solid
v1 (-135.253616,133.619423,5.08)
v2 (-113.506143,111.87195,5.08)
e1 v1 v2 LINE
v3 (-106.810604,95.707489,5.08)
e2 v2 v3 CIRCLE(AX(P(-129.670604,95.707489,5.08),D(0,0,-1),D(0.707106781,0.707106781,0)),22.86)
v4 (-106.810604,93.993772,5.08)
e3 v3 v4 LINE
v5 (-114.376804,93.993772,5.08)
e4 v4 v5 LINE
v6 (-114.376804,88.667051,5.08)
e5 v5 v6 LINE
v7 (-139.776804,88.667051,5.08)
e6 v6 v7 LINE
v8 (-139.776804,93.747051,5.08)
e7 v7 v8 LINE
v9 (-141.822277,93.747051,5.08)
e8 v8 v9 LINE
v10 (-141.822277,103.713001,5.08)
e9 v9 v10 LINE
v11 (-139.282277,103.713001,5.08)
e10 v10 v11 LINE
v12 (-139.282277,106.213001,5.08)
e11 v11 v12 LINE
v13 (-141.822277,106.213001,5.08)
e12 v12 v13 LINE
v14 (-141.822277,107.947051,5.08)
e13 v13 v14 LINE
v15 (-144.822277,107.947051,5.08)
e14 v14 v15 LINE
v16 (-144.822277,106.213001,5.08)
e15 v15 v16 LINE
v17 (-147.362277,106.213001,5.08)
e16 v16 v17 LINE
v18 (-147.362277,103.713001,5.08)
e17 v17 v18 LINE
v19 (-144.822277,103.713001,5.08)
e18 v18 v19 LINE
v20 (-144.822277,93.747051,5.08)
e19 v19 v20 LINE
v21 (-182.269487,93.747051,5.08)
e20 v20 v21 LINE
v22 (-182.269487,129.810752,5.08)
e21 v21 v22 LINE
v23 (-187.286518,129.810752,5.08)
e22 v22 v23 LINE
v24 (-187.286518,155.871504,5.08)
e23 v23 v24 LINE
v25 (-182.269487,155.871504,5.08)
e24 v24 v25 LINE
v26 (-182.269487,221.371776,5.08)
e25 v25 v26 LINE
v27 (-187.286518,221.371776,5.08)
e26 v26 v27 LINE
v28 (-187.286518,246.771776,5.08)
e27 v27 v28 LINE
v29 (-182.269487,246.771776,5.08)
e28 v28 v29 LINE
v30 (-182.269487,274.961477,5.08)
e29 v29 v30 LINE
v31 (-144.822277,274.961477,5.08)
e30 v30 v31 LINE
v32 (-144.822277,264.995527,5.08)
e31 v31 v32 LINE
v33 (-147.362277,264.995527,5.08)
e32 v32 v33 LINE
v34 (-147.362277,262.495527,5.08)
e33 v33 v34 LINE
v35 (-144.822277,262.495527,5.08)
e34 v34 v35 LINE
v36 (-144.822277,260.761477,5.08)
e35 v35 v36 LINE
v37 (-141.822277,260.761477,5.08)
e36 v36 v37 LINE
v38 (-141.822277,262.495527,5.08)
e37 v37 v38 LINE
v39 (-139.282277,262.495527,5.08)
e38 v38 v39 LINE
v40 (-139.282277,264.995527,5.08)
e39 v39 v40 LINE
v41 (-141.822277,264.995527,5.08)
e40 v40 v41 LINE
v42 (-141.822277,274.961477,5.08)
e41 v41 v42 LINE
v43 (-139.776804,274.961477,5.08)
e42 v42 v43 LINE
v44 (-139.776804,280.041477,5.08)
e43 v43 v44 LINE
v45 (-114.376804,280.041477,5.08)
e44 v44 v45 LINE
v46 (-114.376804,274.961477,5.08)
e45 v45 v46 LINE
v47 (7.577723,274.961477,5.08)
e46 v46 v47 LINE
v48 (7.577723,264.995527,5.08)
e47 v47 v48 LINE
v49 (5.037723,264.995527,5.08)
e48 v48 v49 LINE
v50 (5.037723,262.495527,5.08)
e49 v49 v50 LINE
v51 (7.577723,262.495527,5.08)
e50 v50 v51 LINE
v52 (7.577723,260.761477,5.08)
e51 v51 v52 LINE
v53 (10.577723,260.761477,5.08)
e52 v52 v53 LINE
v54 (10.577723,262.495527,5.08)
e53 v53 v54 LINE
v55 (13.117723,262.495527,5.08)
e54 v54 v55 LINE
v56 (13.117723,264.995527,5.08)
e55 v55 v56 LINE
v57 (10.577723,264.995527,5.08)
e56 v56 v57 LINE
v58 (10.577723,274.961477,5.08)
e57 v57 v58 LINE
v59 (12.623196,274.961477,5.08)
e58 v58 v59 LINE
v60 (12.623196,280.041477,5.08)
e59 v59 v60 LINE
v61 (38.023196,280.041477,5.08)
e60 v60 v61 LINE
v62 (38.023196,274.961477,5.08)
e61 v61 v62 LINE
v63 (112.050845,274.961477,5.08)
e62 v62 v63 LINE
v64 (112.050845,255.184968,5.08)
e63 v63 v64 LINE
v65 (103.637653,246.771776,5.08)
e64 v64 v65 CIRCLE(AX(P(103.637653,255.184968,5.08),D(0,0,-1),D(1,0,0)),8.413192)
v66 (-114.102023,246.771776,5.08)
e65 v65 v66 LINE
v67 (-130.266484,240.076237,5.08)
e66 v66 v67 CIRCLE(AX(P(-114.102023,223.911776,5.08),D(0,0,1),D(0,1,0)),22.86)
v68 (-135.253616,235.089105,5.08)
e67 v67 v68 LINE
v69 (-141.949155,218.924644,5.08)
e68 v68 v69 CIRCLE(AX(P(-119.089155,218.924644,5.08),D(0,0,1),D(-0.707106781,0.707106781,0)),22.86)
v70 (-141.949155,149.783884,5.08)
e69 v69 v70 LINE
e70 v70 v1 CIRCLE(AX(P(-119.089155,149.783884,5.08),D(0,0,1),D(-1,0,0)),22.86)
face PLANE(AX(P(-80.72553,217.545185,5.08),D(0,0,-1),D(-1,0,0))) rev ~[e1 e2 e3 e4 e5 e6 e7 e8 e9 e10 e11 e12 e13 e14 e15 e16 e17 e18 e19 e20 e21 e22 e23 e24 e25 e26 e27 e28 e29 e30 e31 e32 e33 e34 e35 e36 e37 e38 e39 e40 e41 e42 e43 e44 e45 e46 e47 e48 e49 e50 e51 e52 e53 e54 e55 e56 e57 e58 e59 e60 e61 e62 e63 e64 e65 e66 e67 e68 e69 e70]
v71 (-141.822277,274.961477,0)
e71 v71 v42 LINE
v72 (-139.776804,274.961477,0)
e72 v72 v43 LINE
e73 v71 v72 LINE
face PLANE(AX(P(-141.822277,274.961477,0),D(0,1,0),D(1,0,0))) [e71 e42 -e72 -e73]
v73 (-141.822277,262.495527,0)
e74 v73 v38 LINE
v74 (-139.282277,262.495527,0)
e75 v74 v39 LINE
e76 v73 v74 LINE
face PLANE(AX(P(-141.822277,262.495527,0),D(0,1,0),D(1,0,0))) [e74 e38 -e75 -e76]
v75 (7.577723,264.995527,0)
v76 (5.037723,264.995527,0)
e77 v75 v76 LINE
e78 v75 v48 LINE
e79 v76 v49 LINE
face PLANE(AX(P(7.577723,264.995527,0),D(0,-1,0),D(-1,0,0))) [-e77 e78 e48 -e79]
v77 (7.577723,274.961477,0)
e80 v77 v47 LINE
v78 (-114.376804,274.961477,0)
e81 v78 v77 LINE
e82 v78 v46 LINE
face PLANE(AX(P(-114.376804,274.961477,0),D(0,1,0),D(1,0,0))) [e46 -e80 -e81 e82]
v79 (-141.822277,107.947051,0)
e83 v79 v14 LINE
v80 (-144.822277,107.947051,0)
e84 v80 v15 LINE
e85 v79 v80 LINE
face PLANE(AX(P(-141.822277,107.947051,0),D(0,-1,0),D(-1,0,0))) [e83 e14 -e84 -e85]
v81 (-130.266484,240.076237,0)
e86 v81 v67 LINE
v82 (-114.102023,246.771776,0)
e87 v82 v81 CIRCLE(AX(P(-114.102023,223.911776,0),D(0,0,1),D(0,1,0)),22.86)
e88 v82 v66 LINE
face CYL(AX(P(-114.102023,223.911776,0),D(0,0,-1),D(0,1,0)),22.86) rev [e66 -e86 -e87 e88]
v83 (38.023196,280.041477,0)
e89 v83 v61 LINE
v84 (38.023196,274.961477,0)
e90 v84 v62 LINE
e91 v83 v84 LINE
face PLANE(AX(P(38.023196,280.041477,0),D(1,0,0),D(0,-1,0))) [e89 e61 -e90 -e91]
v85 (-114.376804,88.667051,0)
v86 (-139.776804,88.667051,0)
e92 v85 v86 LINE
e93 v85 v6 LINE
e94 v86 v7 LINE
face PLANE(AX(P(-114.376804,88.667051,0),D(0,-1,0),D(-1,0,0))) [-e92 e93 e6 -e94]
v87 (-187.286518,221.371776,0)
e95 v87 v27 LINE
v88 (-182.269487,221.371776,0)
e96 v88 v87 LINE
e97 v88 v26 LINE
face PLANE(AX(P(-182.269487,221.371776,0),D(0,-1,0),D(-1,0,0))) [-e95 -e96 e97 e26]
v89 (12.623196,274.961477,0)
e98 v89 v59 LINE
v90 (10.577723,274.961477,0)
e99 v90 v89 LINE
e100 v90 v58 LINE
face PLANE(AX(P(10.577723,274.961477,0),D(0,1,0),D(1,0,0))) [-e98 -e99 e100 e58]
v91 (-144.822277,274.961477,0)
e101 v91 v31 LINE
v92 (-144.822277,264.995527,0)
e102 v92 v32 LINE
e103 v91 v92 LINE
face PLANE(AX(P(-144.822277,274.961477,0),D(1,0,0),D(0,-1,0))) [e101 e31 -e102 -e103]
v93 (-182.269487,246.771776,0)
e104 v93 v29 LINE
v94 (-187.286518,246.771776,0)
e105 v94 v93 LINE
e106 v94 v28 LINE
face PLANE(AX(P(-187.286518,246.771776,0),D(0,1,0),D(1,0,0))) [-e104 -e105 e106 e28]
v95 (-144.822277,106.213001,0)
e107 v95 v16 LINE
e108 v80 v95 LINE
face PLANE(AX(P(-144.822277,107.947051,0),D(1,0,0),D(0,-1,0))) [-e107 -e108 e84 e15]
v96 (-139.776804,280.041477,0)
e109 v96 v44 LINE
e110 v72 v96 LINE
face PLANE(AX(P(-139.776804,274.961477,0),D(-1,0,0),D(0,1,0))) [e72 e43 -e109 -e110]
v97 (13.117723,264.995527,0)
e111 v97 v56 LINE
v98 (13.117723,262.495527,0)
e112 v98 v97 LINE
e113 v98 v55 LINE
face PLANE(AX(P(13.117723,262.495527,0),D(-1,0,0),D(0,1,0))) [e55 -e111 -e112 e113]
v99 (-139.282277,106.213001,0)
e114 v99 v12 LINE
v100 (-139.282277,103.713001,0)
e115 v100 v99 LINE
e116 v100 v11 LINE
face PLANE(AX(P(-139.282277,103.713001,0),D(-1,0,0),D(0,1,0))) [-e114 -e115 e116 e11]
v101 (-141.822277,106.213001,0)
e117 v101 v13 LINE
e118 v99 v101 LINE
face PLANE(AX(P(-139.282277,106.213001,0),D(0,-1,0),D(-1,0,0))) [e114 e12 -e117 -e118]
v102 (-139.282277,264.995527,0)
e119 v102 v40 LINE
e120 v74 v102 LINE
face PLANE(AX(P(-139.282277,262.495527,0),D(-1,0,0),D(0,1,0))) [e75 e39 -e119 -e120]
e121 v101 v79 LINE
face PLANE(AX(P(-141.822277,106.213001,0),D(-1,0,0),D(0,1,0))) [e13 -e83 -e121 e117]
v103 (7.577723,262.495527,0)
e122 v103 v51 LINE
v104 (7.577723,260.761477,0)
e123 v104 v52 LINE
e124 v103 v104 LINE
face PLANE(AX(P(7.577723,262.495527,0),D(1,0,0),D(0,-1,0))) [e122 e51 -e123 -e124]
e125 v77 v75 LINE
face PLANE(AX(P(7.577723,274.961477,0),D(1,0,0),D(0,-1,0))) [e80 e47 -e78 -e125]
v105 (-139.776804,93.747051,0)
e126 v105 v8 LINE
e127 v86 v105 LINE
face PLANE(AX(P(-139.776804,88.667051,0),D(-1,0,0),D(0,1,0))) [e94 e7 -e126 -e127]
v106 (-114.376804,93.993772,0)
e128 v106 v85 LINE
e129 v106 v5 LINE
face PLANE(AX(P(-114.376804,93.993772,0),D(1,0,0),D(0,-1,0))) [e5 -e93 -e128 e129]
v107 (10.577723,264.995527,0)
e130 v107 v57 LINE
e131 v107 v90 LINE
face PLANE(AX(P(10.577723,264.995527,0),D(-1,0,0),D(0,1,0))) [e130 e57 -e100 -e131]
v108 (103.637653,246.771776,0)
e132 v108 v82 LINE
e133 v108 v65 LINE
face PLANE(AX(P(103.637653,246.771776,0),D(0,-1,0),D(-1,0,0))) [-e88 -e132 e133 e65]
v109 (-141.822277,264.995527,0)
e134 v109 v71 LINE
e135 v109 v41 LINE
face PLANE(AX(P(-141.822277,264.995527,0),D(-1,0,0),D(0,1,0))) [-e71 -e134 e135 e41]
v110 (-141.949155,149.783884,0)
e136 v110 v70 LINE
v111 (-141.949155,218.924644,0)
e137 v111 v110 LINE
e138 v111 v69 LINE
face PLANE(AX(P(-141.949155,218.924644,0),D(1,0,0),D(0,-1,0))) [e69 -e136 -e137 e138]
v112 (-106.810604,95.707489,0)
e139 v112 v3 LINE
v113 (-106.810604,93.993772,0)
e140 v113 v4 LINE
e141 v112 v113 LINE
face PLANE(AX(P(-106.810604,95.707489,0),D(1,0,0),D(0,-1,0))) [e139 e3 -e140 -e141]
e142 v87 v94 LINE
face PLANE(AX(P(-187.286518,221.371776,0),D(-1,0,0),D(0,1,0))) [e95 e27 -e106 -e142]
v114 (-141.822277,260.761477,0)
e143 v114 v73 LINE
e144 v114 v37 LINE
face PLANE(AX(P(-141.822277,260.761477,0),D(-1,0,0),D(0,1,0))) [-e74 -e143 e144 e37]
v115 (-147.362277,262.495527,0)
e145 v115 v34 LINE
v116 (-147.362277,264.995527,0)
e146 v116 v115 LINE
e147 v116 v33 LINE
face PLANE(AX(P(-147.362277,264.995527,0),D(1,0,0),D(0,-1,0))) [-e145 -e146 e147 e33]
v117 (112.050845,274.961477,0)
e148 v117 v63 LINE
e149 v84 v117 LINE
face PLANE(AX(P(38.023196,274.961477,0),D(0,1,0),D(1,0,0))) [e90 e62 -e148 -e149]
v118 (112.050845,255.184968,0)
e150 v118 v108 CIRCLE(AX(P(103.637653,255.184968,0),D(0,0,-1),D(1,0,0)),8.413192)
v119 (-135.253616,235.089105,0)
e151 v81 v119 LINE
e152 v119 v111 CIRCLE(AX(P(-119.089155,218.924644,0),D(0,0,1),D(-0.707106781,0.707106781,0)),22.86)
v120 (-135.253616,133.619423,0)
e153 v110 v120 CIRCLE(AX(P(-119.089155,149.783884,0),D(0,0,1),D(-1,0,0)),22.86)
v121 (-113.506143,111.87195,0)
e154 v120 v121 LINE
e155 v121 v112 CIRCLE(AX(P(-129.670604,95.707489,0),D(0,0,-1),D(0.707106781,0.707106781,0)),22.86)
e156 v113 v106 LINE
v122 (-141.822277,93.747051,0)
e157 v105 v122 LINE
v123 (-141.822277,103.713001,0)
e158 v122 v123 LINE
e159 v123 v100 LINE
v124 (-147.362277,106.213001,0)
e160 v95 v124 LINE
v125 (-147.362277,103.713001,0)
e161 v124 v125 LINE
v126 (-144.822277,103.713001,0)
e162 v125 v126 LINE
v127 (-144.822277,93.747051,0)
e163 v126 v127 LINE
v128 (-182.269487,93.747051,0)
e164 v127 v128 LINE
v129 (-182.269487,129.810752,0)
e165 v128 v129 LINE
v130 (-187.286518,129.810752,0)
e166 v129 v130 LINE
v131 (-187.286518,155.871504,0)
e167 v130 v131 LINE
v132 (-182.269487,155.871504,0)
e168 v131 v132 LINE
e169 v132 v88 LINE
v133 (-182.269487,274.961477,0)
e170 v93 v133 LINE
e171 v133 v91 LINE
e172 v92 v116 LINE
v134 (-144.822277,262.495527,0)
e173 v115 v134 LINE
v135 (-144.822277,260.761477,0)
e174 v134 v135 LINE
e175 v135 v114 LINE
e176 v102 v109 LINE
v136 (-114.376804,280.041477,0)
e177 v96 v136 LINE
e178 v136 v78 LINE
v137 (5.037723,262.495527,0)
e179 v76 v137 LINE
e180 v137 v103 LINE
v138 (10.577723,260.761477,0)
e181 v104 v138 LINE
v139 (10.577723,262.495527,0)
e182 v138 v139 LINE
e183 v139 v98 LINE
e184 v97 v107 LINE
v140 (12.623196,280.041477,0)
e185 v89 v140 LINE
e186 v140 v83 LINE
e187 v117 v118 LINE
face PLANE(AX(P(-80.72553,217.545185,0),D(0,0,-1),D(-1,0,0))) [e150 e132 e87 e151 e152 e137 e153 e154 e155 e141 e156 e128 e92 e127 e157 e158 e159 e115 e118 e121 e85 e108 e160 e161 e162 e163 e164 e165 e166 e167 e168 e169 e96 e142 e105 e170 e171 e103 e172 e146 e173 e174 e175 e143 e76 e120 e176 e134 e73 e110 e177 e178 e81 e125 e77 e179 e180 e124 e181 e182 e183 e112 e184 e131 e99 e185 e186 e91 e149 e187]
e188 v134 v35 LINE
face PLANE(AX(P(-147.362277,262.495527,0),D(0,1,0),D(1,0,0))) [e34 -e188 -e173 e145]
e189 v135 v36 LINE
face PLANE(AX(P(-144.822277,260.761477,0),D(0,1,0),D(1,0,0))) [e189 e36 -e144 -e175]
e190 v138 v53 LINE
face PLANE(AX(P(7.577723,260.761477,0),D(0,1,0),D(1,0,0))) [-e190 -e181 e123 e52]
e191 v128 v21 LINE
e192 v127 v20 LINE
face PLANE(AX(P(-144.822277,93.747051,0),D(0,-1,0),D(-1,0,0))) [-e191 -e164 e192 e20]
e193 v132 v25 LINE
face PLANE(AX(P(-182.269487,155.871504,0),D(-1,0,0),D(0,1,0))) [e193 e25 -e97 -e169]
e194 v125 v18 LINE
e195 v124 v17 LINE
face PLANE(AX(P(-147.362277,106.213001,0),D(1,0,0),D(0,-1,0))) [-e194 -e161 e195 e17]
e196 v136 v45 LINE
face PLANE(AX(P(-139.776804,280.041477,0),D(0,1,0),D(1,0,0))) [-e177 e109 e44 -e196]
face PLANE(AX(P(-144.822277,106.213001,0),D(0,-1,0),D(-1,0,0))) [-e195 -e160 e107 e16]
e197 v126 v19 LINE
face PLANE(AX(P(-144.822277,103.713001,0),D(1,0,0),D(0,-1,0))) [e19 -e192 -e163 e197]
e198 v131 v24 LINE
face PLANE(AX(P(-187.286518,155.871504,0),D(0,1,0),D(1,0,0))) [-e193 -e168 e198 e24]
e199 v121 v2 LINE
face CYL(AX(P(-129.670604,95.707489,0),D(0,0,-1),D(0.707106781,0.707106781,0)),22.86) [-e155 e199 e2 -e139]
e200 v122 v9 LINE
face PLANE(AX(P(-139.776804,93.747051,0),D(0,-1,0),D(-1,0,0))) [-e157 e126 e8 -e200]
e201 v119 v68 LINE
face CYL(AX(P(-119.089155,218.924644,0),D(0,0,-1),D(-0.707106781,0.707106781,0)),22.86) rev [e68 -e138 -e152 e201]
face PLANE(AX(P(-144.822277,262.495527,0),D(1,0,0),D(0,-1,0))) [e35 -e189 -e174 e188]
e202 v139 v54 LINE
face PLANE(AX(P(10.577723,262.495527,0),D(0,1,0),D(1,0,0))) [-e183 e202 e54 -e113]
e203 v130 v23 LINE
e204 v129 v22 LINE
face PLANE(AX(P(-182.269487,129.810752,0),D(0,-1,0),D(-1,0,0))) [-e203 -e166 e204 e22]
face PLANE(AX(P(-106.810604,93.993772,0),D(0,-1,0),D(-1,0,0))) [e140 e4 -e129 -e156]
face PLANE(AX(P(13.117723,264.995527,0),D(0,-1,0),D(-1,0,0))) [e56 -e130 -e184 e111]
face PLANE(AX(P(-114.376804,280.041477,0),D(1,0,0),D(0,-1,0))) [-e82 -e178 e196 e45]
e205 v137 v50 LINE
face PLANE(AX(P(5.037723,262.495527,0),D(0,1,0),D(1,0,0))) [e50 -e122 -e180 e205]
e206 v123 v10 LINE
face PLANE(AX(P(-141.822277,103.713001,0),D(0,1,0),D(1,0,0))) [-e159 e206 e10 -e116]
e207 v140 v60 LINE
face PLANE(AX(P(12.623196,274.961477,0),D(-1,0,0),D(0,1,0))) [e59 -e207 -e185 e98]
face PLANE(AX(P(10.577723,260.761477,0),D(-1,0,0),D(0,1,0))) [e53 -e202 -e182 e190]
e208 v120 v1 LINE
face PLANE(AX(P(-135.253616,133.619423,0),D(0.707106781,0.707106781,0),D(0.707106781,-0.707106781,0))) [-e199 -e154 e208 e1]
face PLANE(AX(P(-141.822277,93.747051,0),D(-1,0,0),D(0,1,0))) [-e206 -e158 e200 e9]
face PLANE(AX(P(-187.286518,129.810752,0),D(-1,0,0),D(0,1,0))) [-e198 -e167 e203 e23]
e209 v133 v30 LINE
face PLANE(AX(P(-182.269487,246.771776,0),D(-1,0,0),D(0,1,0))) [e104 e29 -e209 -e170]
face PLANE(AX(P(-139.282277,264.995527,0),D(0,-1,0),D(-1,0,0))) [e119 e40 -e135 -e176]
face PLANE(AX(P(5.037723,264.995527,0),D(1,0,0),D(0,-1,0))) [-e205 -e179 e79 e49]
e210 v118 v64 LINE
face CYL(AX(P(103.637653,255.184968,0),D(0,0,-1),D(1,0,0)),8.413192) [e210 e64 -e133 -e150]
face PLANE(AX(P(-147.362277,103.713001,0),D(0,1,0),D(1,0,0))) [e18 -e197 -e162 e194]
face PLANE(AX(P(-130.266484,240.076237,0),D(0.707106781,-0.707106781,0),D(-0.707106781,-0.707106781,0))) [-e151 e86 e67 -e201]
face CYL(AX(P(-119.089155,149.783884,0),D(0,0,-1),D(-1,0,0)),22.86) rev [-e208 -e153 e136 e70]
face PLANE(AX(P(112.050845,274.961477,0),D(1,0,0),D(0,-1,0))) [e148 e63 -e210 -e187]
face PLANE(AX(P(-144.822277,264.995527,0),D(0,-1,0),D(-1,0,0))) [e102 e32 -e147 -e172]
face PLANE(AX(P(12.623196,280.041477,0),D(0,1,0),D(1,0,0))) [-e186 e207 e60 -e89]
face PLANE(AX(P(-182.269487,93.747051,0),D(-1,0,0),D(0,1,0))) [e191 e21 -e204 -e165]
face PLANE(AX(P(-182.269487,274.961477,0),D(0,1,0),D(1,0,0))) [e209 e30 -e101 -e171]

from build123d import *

# Parameters (mm, degrees)
BOSS_EXTRUDE1_DEPTH = 5.08


with BuildPart() as part:
    # Sketch1 → Boss-Extrude1 (new body)
    with BuildSketch(Plane.XY):
        with BuildLine():
            Line((-114.376804032, 88.667051475), (-139.776804032, 88.667051475))
            Line((-139.776804032, 88.667051475), (-139.776804032, 93.747051475))
            Line((-139.776804032, 93.747051475), (-141.822276948, 93.747051475))
            Line((-141.822276948, 93.747051475), (-141.822276948, 103.713000769))
            Line((-141.822276948, 103.713000769), (-139.282276948, 103.713000769))
            Line((-139.282276948, 103.713000769), (-139.282276948, 106.213000769))
            Line((-139.282276948, 106.213000769), (-141.822276948, 106.213000769))
            Line((-141.822276948, 106.213000769), (-141.822276948, 107.947051475))
            Line((-141.822276948, 107.947051475), (-144.822276948, 107.947051475))
            Line((-144.822276948, 107.947051475), (-144.822276948, 106.213000769))
            Line((-144.822276948, 106.213000769), (-147.362276948, 106.213000769))
            Line((-147.362276948, 106.213000769), (-147.362276948, 103.713000769))
            Line((-147.362276948, 103.713000769), (-144.822276948, 103.713000769))
            Line((-144.822276948, 103.713000769), (-144.822276948, 93.747051475))
            Line((-144.822276948, 93.747051475), (-182.269486813, 93.747051475))
            Line((-182.269486813, 93.747051475), (-182.269486813, 129.81075177))
            Line((-182.269486813, 129.81075177), (-187.286518352, 129.81075177))
            Line((-187.286518352, 129.81075177), (-187.286518352, 155.871504364))
            Line((-187.286518352, 155.871504364), (-182.269486813, 155.871504364))
            Line((-182.269486813, 155.871504364), (-182.269486813, 212.837023738))
            Line((-182.269486813, 212.837023738), (-182.269486813, 221.371776332))
            Line((-182.269486813, 221.371776332), (-187.286518352, 221.371776332))
            Line((-187.286518352, 221.371776332), (-187.286518352, 246.771776332))
            Line((-187.286518352, 246.771776332), (-182.269486813, 246.771776332))
            Line((-182.269486813, 246.771776332), (-182.269486813, 274.961476627))
            Line((-182.269486813, 274.961476627), (-144.822276948, 274.961476627))
            Line((-144.822276948, 274.961476627), (-144.822276948, 264.995527332))
            Line((-144.822276948, 264.995527332), (-147.362276948, 264.995527332))
            Line((-147.362276948, 264.995527332), (-147.362276948, 262.495527332))
            Line((-147.362276948, 262.495527332), (-144.822276948, 262.495527332))
            Line((-144.822276948, 262.495527332), (-144.822276948, 260.761476627))
            Line((-144.822276948, 260.761476627), (-141.822276948, 260.761476627))
            Line((-141.822276948, 260.761476627), (-141.822276948, 262.495527332))
            Line((-141.822276948, 262.495527332), (-139.282276948, 262.495527332))
            Line((-139.282276948, 262.495527332), (-139.282276948, 264.995527332))
            Line((-139.282276948, 264.995527332), (-141.822276948, 264.995527332))
            Line((-141.822276948, 264.995527332), (-141.822276948, 274.961476627))
            Line((-141.822276948, 274.961476627), (-139.776804032, 274.961476627))
            Line((-139.776804032, 274.961476627), (-139.776804032, 280.041476627))
            Line((-139.776804032, 280.041476627), (-114.376804032, 280.041476627))
            Line((-114.376804032, 280.041476627), (-114.376804032, 274.961476627))
            Line((-114.376804032, 274.961476627), (-106.810604162, 274.961476627))
            Line((-106.810604162, 274.961476627), (7.577723052, 274.961476627))
            Line((7.577723052, 274.961476627), (7.577723052, 264.995527332))
            Line((7.577723052, 264.995527332), (5.037723052, 264.995527332))
            Line((5.037723052, 264.995527332), (5.037723052, 262.495527332))
            Line((5.037723052, 262.495527332), (7.577723052, 262.495527332))
            Line((7.577723052, 262.495527332), (7.577723052, 260.761476627))
            Line((7.577723052, 260.761476627), (10.577723052, 260.761476627))
            Line((10.577723052, 260.761476627), (10.577723052, 262.495527332))
            Line((10.577723052, 262.495527332), (13.117723052, 262.495527332))
            Line((13.117723052, 262.495527332), (13.117723052, 264.995527332))
            Line((13.117723052, 264.995527332), (10.577723052, 264.995527332))
            Line((10.577723052, 264.995527332), (10.577723052, 274.961476627))
            Line((10.577723052, 274.961476627), (12.623195968, 274.961476627))
            Line((12.623195968, 274.961476627), (12.623195968, 280.041476627))
            Line((12.623195968, 280.041476627), (38.023195968, 280.041476627))
            Line((38.023195968, 280.041476627), (38.023195968, 274.961476627))
            Line((38.023195968, 274.961476627), (112.050844633, 274.961476627))
            Line((112.050844633, 274.961476627), (112.050844633, 255.184968454))
            ThreePointArc((112.050844633, 255.184968454), (109.586677712, 249.235943253), (103.63765251, 246.771776332))
            Line((103.63765251, 246.771776332), (-114.102022694, 246.771776332))
            ThreePointArc((-114.102022694, 246.771776332), (-122.850165958, 245.031662445), (-130.266483712, 240.076237349))
            Line((-130.266483712, 240.076237349), (-135.253616385, 235.089104676))
            ThreePointArc((-135.253616385, 235.089104676), (-140.20904148, 227.672786922), (-141.949155367, 218.924643658))
            Line((-141.949155367, 218.924643658), (-141.949155367, 149.783884443))
            ThreePointArc((-141.949155367, 149.783884443), (-140.20904148, 141.035741179), (-135.253616385, 133.619423425))
            Line((-135.253616385, 133.619423425), (-113.506143144, 111.871950184))
            ThreePointArc((-113.506143144, 111.871950184), (-108.550718048, 104.45563243), (-106.810604162, 95.707489166))
            Line((-106.810604162, 95.707489166), (-106.810604162, 93.993771805))
            Line((-106.810604162, 93.993771805), (-114.376804032, 93.993771805))
            Line((-114.376804032, 93.993771805), (-114.376804032, 88.93863086))
            Line((-114.376804032, 88.93863086), (-114.376804032, 88.667051475))
        make_face()
    extrude(amount=BOSS_EXTRUDE1_DEPTH)


solid = part.part
